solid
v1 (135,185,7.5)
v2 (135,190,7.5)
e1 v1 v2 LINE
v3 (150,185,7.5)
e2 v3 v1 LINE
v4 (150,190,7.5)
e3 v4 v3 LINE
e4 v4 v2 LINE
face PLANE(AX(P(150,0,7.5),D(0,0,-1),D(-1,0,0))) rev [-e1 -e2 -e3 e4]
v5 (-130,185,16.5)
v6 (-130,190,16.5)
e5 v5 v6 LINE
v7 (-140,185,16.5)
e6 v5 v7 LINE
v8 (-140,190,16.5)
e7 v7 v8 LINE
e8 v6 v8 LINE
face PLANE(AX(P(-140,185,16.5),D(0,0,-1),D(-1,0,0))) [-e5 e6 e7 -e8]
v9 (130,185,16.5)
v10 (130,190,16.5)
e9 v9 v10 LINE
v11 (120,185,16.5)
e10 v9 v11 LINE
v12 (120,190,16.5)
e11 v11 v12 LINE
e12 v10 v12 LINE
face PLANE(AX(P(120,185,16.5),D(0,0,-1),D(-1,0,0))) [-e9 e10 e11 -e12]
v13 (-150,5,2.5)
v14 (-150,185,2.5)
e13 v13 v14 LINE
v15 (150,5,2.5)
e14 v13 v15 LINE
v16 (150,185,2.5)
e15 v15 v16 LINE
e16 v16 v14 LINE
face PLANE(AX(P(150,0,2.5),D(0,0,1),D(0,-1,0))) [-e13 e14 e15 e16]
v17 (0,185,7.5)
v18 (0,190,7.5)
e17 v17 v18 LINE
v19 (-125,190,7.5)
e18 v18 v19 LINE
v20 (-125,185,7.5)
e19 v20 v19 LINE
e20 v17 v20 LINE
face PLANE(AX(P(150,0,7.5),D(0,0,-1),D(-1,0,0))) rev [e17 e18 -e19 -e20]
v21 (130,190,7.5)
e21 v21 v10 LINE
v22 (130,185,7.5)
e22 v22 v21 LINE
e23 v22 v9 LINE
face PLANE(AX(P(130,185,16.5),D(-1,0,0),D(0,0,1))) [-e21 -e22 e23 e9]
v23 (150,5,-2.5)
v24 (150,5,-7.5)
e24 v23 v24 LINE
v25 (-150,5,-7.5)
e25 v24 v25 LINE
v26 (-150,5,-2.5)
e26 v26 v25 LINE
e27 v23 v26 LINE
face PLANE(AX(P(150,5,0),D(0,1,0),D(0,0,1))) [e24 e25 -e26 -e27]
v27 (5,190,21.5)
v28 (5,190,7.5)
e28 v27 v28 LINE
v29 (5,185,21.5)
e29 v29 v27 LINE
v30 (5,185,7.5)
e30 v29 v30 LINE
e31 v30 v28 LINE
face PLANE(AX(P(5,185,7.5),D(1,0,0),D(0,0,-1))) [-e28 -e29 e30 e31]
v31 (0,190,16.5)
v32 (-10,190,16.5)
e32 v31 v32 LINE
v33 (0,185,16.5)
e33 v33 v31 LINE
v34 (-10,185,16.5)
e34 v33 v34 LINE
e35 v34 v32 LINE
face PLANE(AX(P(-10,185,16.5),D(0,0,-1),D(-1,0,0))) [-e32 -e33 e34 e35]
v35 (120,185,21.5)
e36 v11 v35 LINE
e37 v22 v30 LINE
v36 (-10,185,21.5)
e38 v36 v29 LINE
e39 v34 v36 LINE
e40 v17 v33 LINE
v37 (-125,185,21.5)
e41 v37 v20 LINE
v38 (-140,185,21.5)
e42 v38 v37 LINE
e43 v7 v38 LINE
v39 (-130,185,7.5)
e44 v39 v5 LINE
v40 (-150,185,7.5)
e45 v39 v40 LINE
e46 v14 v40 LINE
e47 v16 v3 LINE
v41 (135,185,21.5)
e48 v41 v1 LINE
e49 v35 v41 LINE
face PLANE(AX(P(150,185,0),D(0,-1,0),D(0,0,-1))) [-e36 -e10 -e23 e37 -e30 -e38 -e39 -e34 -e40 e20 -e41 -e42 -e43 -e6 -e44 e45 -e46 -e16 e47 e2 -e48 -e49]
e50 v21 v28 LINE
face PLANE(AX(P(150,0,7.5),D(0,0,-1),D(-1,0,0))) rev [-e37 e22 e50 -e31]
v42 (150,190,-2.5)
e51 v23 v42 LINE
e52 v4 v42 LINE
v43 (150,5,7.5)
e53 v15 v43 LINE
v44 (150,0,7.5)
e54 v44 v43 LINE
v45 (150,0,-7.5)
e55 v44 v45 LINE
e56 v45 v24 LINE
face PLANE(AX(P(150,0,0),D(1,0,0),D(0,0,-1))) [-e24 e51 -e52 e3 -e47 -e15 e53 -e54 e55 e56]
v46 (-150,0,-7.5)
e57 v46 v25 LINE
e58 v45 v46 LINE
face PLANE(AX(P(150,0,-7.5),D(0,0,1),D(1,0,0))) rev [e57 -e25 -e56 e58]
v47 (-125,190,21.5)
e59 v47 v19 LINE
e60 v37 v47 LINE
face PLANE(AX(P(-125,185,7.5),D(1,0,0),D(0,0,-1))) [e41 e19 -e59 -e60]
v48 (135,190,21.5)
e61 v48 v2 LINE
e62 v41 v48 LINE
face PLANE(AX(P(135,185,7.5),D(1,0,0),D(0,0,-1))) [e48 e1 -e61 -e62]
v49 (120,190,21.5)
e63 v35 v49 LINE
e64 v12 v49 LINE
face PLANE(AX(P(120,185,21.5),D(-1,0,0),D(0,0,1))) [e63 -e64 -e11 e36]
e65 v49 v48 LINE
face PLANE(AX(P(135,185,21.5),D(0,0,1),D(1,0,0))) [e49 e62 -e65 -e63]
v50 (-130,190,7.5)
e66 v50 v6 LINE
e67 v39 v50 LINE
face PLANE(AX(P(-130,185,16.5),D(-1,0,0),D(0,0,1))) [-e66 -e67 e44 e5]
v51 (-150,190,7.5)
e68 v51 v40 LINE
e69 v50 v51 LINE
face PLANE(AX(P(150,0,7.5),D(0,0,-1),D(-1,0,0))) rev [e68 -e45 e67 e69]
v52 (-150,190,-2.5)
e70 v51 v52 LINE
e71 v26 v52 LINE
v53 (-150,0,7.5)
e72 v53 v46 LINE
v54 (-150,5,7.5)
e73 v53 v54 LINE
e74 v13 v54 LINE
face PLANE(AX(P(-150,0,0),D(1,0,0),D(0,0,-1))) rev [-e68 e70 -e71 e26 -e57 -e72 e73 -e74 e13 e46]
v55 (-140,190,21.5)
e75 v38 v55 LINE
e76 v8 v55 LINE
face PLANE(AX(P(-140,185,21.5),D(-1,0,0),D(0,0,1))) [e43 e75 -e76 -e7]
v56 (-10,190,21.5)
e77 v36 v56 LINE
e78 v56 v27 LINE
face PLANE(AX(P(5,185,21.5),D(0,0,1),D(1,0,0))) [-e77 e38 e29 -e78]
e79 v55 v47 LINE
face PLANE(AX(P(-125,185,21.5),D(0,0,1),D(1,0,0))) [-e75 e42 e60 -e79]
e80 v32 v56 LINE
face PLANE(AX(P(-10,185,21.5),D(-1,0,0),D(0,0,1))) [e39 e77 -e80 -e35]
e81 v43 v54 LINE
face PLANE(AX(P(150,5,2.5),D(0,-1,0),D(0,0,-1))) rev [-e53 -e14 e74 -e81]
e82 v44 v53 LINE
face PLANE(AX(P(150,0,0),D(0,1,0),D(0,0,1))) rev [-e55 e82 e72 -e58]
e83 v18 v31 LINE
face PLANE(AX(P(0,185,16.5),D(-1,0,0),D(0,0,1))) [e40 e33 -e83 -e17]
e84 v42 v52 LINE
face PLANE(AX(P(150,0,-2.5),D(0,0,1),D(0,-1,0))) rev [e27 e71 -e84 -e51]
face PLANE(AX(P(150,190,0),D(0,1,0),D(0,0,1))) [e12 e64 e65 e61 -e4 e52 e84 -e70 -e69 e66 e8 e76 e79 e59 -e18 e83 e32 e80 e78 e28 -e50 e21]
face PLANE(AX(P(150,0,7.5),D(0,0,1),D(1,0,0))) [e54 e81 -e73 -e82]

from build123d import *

# Parameters (mm, degrees)
SKETCH1_W           = 5
SKETCH1_H           = 190
SKETCH1_H_2         = 5
BOSS_EXTRUDE1_DEPTH = 150
BOSS_EXTRUDE2_DEPTH = 5


with BuildPart() as part:
    # Sketch1 → Boss-Extrude1 (new, symmetric)
    with BuildSketch(Plane(origin=(0, 0, 0), x_dir=(0, 0, -1), z_dir=(1, 0, 0))):
        with Locations((0, 95)):
            Rectangle(SKETCH1_W, SKETCH1_H)
        with Locations((-5, 187.5)):
            Rectangle(SKETCH1_W, SKETCH1_H_2)
        with Locations((5, 2.5)):
            Rectangle(SKETCH1_W, SKETCH1_H_2)
        with Locations((-5, 2.5)):
            Rectangle(SKETCH1_W, SKETCH1_H_2)
    extrude(amount=BOSS_EXTRUDE1_DEPTH, both=True)

    # Sketch2 → Boss-Extrude2 (add)
    with BuildSketch(Plane(origin=(0, 190, 0), x_dir=(1, 0, 0), z_dir=(0, 1, 0))):
        Polygon((135, -7.5), (135, -21.5), (120, -21.5), (120, -16.5), (130, -16.5), (130, -7.5), align=None)
        Polygon((0, -7.5), (5, -7.5), (5, -21.5), (-10, -21.5), (-10, -16.5), (0, -16.5), align=None)
        Polygon((-130, -7.5), (-125, -7.5), (-125, -21.5), (-140, -21.5), (-140, -16.5), (-130, -16.5), align=None)
    extrude(amount=-BOSS_EXTRUDE2_DEPTH)


solid = part.part
